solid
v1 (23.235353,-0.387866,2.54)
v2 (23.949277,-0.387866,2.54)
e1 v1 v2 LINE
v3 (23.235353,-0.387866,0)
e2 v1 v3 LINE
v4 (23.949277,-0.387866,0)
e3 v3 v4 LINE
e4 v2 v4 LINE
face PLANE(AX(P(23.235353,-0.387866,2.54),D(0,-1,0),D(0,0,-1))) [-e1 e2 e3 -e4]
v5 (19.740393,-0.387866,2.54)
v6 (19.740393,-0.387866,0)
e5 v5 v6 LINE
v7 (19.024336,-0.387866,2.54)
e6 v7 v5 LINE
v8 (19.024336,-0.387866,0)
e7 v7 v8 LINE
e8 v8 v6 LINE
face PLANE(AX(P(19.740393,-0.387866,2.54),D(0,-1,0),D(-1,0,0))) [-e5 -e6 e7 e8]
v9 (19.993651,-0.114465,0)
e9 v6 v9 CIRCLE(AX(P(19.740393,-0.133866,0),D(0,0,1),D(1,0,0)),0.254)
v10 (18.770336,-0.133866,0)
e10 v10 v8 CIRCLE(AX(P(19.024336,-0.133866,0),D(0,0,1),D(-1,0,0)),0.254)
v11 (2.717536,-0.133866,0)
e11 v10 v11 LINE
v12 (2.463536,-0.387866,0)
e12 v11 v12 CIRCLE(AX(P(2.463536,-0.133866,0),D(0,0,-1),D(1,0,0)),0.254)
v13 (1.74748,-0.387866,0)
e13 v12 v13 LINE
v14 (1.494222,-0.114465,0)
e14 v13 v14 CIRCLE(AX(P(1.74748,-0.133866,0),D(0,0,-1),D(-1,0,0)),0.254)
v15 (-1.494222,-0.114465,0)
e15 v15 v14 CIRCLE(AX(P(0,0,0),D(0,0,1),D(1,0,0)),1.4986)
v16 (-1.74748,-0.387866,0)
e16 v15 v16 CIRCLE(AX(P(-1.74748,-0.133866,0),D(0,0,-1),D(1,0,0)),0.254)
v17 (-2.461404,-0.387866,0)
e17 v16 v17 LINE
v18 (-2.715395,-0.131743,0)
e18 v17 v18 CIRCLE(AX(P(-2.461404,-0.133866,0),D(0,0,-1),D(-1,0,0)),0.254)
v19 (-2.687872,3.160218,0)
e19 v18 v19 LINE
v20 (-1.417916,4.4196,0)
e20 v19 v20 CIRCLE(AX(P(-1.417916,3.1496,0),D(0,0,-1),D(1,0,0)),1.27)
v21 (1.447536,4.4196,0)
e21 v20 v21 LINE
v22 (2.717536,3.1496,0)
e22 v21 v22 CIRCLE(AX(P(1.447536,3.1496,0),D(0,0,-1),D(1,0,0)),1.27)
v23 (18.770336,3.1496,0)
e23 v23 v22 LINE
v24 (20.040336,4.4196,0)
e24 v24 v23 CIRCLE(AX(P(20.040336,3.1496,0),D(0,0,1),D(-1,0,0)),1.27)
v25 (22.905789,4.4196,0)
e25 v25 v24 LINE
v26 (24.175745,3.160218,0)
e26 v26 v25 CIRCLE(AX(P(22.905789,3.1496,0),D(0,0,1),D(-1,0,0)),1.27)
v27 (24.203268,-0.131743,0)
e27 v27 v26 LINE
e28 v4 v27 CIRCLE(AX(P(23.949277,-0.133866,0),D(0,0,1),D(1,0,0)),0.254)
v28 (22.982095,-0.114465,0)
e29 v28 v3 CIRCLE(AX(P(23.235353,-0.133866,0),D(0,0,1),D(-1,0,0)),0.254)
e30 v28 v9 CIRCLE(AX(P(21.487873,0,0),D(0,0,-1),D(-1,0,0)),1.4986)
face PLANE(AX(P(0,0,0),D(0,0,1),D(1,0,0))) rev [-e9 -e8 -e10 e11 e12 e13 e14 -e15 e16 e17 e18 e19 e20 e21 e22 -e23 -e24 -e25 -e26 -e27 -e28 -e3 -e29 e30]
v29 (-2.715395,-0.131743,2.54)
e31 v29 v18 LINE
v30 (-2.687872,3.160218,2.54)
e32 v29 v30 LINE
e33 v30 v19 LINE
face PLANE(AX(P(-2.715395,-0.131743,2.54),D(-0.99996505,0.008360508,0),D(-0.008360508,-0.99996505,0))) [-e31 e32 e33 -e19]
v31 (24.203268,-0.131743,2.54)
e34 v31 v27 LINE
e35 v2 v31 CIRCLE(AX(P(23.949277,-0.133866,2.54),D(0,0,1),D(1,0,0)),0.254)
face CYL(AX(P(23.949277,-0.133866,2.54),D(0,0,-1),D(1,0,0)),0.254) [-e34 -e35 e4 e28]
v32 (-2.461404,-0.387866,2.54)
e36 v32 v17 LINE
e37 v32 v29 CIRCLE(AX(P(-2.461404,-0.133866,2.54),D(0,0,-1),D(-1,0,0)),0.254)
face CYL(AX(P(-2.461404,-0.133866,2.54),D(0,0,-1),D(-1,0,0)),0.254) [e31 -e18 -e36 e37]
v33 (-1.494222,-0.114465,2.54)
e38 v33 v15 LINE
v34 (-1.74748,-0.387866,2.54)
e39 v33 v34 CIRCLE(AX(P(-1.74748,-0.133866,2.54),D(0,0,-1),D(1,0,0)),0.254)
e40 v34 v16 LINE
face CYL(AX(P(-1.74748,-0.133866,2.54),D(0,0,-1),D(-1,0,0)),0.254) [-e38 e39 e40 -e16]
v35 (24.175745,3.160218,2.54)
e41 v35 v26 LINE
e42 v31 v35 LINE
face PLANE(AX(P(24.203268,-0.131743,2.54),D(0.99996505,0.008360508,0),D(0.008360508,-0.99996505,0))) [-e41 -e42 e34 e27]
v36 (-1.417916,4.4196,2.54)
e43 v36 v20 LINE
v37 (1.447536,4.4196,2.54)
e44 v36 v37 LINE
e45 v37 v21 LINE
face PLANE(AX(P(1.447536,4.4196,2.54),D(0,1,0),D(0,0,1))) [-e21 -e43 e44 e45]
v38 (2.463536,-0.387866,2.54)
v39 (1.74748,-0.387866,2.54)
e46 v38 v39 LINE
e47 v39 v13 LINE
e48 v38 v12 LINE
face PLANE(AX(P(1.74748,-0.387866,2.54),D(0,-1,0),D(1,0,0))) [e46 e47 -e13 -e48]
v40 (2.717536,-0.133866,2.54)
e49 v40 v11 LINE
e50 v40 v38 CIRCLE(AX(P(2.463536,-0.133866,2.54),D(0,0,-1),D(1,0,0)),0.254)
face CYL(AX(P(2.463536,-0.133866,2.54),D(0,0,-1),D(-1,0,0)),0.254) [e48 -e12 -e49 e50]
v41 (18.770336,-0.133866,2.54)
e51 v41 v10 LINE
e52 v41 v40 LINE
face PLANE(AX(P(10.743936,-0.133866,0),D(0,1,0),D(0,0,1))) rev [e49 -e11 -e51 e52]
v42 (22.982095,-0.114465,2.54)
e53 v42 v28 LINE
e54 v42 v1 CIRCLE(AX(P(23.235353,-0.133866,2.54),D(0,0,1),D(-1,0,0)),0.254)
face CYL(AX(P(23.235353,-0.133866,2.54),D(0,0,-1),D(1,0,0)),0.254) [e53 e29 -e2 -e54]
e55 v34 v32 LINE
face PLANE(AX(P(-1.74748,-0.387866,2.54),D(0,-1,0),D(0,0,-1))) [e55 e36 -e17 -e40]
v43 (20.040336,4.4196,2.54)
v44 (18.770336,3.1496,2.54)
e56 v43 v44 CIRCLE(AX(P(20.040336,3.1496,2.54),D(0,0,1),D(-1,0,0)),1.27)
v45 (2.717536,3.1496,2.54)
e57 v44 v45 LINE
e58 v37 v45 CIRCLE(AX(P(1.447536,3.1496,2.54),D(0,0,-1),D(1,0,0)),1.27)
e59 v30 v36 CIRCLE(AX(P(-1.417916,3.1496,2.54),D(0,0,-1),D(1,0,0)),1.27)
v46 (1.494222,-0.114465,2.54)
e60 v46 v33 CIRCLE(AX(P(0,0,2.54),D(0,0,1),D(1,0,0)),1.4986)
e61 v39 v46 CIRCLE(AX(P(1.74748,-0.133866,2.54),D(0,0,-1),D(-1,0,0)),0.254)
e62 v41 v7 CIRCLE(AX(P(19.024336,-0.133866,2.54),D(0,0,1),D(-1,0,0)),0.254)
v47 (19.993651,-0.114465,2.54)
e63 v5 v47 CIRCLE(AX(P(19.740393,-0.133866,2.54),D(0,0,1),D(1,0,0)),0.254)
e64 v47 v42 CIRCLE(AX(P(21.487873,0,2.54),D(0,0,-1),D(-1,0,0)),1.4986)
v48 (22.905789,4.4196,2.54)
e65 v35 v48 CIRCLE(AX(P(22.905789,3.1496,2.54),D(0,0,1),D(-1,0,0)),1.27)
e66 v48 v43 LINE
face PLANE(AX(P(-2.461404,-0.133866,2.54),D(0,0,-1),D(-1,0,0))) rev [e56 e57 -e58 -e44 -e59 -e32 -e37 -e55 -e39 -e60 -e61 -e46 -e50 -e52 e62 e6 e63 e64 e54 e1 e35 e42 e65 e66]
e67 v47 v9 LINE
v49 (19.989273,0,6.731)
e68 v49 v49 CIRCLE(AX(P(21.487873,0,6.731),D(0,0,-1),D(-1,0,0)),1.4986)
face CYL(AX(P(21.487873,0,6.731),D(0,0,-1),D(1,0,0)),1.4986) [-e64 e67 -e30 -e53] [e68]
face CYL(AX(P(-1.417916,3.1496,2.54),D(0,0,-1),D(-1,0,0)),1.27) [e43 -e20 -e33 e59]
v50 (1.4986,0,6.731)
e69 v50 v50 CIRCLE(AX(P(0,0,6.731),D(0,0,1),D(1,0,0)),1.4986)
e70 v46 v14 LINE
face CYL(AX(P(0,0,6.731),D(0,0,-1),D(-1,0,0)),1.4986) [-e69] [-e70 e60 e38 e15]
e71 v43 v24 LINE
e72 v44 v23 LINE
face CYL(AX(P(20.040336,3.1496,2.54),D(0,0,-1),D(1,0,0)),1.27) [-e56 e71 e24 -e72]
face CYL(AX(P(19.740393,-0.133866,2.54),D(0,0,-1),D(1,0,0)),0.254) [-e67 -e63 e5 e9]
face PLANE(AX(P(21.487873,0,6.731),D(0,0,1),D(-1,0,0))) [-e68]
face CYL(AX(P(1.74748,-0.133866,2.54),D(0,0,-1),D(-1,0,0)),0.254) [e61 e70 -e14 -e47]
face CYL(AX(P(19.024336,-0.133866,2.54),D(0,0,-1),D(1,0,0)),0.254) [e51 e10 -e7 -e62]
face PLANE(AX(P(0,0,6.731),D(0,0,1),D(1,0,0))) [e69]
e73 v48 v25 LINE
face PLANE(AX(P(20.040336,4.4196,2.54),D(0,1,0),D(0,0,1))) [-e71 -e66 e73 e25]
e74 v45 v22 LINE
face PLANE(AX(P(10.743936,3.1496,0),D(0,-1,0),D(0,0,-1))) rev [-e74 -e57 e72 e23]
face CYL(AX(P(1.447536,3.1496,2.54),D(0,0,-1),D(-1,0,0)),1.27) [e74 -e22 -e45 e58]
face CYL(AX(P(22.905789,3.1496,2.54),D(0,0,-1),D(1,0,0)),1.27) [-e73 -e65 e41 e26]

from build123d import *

# Parameters (mm, degrees)
SKETCH1_R           = 1.4986
BOSS_EXTRUDE1_DEPTH = 6.731
BOSS_EXTRUDE2_DEPTH = 2.54
SKETCH3_W           = 2.54
SKETCH3_H           = 3.283466221
BOSS_EXTRUDE3_DEPTH = 8.0264


with BuildPart() as part:
    # Sketch1 → Boss-Extrude1 (new body)
    with BuildSketch(Plane.XY):
        Circle(SKETCH1_R)
    extrude(amount=BOSS_EXTRUDE1_DEPTH)

    # Sketch2 → Boss-Extrude2 (add)
    with BuildSketch(Plane(origin=(0, 0, 0), x_dir=(-1, 0, 0), z_dir=(0, 0, -1))):
        with BuildLine():
            Line((-1.74748007, -0.387866221), (-2.463536443, -0.387866221))
            ThreePointArc((-2.463536443, -0.387866221), (-2.643141566, -0.313471343), (-2.717536443, -0.133866221))
            Line((-2.717536443, -0.133866221), (-2.717536443, 3.1496))
            ThreePointArc((-2.717536443, 3.1496), (-2.345562055, 4.047625612), (-1.447536443, 4.4196))
            Line((-1.447536443, 4.4196), (1.417916008, 4.4196))
            ThreePointArc((1.417916008, 4.4196), (2.312179766, 4.051371774), (2.687871622, 3.160217845))
            Line((2.687871622, 3.160217845), (2.715395045, -0.131742652))
            ThreePointArc((2.715395045, -0.131742652), (2.641758277, -0.312718973), (2.461403923, -0.387866221))
            Line((2.461403923, -0.387866221), (1.74748007, -0.387866221))
            ThreePointArc((1.74748007, -0.387866221), (1.561141898, -0.306475854), (1.494222089, -0.114465319))
            ThreePointArc((1.494222089, -0.114465319), (0, 1.4986), (-1.494222089, -0.114465319))
            ThreePointArc((-1.494222089, -0.114465319), (-1.561141898, -0.306475854), (-1.74748007, -0.387866221))
        make_face()
    extrude(amount=-BOSS_EXTRUDE2_DEPTH)

    # Sketch3 → Boss-Extrude3 (add)
    with BuildSketch(Plane(origin=(2.717536443, 0, 0), x_dir=(0, 0, -1), z_dir=(1, 0, 0))):
        with Locations((-1.27, 1.50786689)):
            Rectangle(SKETCH3_W, SKETCH3_H)
    extrude(amount=BOSS_EXTRUDE3_DEPTH)

    # Mirror4: part across plane


with BuildPart() as part_1:
    add(part.part)
    add(part.part.mirror(Plane(origin=(10.743936443, 0, 0), x_dir=(0, 0, 1), z_dir=(1, 0, 0))))


solid = part_1.part
